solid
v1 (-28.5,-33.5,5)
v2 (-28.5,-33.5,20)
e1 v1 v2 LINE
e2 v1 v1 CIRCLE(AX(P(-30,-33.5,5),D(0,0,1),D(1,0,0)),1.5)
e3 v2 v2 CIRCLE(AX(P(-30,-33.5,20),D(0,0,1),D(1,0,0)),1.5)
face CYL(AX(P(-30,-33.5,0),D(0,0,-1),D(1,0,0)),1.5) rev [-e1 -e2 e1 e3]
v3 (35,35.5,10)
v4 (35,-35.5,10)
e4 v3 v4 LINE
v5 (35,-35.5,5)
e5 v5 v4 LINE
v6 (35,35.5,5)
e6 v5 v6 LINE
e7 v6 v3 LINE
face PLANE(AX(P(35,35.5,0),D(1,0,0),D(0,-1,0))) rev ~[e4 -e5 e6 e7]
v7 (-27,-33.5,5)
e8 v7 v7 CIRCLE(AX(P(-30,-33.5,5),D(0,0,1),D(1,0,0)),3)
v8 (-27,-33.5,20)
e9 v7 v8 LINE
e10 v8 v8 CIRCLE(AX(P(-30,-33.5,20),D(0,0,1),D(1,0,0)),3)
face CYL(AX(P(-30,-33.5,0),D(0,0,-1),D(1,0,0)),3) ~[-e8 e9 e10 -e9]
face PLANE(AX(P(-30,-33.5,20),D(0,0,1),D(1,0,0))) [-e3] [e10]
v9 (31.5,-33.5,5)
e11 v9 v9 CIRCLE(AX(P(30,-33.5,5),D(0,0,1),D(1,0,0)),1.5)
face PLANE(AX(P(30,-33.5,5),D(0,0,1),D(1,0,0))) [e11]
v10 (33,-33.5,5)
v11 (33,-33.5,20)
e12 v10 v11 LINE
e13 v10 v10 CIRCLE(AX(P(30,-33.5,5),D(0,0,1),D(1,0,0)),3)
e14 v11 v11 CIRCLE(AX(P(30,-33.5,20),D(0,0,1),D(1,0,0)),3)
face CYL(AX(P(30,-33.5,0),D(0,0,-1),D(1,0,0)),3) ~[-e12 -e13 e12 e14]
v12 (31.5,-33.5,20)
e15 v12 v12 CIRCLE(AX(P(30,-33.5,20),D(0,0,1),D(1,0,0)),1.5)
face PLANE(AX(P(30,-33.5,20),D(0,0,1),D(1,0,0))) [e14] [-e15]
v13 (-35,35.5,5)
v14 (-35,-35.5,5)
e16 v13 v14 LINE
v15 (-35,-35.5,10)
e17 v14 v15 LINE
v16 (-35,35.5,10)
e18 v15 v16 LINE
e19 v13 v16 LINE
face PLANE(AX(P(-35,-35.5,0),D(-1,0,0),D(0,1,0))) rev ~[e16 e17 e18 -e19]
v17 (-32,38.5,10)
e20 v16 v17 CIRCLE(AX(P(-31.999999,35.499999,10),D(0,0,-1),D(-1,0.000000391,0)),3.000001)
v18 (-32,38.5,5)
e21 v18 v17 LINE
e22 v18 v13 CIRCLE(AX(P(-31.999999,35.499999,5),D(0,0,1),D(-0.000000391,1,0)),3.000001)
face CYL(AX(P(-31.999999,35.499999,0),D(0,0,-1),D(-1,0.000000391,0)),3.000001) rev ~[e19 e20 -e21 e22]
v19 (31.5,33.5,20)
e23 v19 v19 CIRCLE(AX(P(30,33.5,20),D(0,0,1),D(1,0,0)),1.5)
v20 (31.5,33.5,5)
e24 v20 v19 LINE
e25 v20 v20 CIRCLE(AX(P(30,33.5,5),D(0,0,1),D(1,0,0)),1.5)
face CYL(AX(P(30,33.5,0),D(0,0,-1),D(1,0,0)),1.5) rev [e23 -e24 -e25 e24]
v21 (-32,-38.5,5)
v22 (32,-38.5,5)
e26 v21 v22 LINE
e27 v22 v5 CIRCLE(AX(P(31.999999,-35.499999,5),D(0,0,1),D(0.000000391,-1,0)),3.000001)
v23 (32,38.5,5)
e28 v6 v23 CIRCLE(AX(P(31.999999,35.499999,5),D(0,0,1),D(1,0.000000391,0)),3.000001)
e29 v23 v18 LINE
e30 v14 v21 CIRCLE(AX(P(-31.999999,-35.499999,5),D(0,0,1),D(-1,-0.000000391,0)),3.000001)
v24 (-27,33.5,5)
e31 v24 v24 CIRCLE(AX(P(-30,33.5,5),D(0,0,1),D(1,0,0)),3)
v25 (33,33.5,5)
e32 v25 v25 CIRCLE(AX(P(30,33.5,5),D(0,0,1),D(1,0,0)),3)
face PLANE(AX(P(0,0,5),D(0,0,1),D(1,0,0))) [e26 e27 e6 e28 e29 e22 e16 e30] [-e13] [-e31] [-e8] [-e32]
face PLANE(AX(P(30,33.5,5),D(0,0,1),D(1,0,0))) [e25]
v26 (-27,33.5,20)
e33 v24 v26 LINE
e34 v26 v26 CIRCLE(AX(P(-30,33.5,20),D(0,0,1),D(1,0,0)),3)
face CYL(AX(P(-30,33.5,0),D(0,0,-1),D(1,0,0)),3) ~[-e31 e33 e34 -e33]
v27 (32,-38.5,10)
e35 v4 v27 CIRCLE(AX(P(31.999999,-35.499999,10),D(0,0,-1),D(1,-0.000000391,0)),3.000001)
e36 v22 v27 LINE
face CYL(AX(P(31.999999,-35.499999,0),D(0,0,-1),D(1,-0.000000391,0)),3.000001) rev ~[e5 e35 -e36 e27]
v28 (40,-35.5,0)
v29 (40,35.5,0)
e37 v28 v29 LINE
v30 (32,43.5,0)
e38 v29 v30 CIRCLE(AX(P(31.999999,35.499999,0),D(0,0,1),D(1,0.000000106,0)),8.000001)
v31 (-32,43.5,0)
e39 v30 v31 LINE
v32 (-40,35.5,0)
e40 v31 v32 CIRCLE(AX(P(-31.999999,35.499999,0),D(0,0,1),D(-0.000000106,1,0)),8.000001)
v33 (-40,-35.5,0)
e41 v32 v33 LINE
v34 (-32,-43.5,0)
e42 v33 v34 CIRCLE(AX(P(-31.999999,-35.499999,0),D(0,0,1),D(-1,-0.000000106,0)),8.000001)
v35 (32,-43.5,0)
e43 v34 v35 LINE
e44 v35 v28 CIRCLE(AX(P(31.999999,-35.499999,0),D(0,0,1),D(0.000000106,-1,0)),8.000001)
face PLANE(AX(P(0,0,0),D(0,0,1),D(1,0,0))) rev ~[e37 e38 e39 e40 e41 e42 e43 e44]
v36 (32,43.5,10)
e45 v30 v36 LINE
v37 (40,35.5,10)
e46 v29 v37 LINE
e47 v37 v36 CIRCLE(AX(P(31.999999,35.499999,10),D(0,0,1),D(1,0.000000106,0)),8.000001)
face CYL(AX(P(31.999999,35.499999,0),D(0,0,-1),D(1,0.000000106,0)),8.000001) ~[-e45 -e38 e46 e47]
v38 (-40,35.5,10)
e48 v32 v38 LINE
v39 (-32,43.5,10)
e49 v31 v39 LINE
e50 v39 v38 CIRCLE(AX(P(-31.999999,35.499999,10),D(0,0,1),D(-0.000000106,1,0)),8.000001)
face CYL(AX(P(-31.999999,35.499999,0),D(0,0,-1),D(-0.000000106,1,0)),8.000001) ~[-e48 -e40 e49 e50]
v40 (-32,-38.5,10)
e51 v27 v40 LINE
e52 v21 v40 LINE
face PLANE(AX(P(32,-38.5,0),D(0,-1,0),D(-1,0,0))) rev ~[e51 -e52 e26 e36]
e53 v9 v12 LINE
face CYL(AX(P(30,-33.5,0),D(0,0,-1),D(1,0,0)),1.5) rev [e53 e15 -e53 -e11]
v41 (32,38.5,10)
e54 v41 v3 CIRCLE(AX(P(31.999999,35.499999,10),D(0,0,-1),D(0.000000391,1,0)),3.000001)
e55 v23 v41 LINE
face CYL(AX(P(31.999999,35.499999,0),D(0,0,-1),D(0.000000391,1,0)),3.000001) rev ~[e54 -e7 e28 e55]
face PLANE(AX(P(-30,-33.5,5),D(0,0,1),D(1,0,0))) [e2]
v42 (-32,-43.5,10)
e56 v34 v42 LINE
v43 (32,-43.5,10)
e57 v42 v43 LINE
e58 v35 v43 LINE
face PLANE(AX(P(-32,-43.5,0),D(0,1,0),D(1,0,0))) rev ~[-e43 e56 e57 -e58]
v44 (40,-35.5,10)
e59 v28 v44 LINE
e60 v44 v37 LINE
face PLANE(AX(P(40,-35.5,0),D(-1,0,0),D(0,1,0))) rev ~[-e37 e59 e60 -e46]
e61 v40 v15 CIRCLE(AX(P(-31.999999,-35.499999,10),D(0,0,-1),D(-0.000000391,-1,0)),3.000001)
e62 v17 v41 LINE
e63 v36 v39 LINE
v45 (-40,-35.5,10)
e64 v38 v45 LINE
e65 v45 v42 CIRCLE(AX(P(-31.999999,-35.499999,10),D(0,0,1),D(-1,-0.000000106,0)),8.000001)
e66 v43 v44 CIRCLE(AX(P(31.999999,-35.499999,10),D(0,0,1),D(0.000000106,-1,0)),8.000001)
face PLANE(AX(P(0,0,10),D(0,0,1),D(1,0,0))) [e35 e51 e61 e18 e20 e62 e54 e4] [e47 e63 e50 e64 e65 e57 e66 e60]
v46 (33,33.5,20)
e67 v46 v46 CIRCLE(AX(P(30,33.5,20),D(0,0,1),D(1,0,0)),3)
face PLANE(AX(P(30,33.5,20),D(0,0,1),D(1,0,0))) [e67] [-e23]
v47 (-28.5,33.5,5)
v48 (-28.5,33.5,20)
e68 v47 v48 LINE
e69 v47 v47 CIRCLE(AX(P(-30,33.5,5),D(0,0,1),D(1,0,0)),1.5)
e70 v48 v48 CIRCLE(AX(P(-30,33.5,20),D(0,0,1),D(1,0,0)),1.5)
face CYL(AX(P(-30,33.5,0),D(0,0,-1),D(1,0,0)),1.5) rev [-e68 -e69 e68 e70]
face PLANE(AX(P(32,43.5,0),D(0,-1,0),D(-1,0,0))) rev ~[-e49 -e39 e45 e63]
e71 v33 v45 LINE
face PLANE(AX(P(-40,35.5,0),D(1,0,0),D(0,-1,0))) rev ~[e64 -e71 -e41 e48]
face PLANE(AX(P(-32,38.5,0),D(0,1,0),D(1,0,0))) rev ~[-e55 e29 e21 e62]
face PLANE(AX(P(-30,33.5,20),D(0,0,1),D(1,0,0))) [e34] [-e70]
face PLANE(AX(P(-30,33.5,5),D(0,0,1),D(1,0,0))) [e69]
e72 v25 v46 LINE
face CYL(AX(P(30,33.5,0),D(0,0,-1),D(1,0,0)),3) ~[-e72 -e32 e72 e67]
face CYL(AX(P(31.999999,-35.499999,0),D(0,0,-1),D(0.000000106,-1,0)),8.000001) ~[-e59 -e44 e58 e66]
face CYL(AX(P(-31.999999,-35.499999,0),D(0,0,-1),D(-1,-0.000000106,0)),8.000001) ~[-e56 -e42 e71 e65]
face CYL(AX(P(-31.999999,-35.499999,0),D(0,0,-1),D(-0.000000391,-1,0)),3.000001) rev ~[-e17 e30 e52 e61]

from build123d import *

# Parameters (mm, degrees)
F1_DEPTH = 10
F0_R     = 3
F0_R_2   = 1.5
F2_DEPTH = 5
F3_DEPTH = 20


with BuildPart() as f1:
    # F0 (on Top) → F1 (new body)
    with BuildSketch(Plane.XY):
        with BuildLine():
            ThreePointArc((40, 35.5), (37.656854, 41.156854), (32, 43.5))
            Line((32, 43.5), (-32, 43.5))
            ThreePointArc((-32, 43.5), (-37.656854, 41.156854), (-40, 35.5))
            Line((-40, 35.5), (-40, -35.5))
            ThreePointArc((-40, -35.5), (-37.656854, -41.156854), (-32, -43.5))
            Line((-32, -43.5), (32, -43.5))
            ThreePointArc((32, -43.5), (37.656854, -41.156854), (40, -35.5))
            Line((40, -35.5), (40, 35.5))
        make_face()
        with BuildLine():
            Line((-32, 38.5), (32, 38.5))
            ThreePointArc((32, 38.5), (34.12132, 37.62132), (35, 35.5))
            Line((35, 35.5), (35, -35.5))
            ThreePointArc((35, -35.5), (34.12132, -37.62132), (32, -38.5))
            Line((32, -38.5), (-32, -38.5))
            ThreePointArc((-32, -38.5), (-34.12132, -37.62132), (-35, -35.5))
            Line((-35, -35.5), (-35, 35.5))
            ThreePointArc((-35, 35.5), (-34.12132, 37.62132), (-32, 38.5))
        make_face(mode=Mode.SUBTRACT)
    extrude(amount=F1_DEPTH)

    # F0 (on Top) → F2 (join)
    with BuildSketch(Plane.XY):
        with BuildLine():
            ThreePointArc((35, 35.5), (34.12132, 37.62132), (32, 38.5))
            Line((32, 38.5), (-32, 38.5))
            ThreePointArc((-32, 38.5), (-34.12132, 37.62132), (-35, 35.5))
            Line((-35, 35.5), (-35, -35.5))
            ThreePointArc((-35, -35.5), (-34.12132, -37.62132), (-32, -38.5))
            Line((-32, -38.5), (32, -38.5))
            ThreePointArc((32, -38.5), (34.12132, -37.62132), (35, -35.5))
            Line((35, -35.5), (35, 35.5))
        make_face()
        with Locations((-30, -33.5)):
            Circle(F0_R, mode=Mode.SUBTRACT)
        with Locations((30, -33.5)):
            Circle(F0_R, mode=Mode.SUBTRACT)
        with Locations((-30, 33.5)):
            Circle(F0_R, mode=Mode.SUBTRACT)
        with Locations((30, 33.5)):
            Circle(F0_R, mode=Mode.SUBTRACT)
        with Locations((-30, -33.5)):
            Circle(F0_R_2)
        with Locations((30, -33.5)):
            Circle(F0_R_2)
        with Locations((30, 33.5)):
            Circle(F0_R_2)
        with Locations((-30, 33.5)):
            Circle(F0_R_2)
    extrude(amount=F2_DEPTH)

    # F0 (on Top) → F3 (join)
    with BuildSketch(Plane.XY):
        with Locations((-30, 33.5)):
            Circle(F0_R)
        with Locations((-30, 33.5)):
            Circle(F0_R_2, mode=Mode.SUBTRACT)
        with Locations((30, 33.5)):
            Circle(F0_R)
        with Locations((30, 33.5)):
            Circle(F0_R_2, mode=Mode.SUBTRACT)
        with Locations((30, -33.5)):
            Circle(F0_R)
        with Locations((30, -33.5)):
            Circle(F0_R_2, mode=Mode.SUBTRACT)
        with Locations((-30, -33.5)):
            Circle(F0_R)
        with Locations((-30, -33.5)):
            Circle(F0_R_2, mode=Mode.SUBTRACT)
    extrude(amount=F3_DEPTH)


solid = f1.part
